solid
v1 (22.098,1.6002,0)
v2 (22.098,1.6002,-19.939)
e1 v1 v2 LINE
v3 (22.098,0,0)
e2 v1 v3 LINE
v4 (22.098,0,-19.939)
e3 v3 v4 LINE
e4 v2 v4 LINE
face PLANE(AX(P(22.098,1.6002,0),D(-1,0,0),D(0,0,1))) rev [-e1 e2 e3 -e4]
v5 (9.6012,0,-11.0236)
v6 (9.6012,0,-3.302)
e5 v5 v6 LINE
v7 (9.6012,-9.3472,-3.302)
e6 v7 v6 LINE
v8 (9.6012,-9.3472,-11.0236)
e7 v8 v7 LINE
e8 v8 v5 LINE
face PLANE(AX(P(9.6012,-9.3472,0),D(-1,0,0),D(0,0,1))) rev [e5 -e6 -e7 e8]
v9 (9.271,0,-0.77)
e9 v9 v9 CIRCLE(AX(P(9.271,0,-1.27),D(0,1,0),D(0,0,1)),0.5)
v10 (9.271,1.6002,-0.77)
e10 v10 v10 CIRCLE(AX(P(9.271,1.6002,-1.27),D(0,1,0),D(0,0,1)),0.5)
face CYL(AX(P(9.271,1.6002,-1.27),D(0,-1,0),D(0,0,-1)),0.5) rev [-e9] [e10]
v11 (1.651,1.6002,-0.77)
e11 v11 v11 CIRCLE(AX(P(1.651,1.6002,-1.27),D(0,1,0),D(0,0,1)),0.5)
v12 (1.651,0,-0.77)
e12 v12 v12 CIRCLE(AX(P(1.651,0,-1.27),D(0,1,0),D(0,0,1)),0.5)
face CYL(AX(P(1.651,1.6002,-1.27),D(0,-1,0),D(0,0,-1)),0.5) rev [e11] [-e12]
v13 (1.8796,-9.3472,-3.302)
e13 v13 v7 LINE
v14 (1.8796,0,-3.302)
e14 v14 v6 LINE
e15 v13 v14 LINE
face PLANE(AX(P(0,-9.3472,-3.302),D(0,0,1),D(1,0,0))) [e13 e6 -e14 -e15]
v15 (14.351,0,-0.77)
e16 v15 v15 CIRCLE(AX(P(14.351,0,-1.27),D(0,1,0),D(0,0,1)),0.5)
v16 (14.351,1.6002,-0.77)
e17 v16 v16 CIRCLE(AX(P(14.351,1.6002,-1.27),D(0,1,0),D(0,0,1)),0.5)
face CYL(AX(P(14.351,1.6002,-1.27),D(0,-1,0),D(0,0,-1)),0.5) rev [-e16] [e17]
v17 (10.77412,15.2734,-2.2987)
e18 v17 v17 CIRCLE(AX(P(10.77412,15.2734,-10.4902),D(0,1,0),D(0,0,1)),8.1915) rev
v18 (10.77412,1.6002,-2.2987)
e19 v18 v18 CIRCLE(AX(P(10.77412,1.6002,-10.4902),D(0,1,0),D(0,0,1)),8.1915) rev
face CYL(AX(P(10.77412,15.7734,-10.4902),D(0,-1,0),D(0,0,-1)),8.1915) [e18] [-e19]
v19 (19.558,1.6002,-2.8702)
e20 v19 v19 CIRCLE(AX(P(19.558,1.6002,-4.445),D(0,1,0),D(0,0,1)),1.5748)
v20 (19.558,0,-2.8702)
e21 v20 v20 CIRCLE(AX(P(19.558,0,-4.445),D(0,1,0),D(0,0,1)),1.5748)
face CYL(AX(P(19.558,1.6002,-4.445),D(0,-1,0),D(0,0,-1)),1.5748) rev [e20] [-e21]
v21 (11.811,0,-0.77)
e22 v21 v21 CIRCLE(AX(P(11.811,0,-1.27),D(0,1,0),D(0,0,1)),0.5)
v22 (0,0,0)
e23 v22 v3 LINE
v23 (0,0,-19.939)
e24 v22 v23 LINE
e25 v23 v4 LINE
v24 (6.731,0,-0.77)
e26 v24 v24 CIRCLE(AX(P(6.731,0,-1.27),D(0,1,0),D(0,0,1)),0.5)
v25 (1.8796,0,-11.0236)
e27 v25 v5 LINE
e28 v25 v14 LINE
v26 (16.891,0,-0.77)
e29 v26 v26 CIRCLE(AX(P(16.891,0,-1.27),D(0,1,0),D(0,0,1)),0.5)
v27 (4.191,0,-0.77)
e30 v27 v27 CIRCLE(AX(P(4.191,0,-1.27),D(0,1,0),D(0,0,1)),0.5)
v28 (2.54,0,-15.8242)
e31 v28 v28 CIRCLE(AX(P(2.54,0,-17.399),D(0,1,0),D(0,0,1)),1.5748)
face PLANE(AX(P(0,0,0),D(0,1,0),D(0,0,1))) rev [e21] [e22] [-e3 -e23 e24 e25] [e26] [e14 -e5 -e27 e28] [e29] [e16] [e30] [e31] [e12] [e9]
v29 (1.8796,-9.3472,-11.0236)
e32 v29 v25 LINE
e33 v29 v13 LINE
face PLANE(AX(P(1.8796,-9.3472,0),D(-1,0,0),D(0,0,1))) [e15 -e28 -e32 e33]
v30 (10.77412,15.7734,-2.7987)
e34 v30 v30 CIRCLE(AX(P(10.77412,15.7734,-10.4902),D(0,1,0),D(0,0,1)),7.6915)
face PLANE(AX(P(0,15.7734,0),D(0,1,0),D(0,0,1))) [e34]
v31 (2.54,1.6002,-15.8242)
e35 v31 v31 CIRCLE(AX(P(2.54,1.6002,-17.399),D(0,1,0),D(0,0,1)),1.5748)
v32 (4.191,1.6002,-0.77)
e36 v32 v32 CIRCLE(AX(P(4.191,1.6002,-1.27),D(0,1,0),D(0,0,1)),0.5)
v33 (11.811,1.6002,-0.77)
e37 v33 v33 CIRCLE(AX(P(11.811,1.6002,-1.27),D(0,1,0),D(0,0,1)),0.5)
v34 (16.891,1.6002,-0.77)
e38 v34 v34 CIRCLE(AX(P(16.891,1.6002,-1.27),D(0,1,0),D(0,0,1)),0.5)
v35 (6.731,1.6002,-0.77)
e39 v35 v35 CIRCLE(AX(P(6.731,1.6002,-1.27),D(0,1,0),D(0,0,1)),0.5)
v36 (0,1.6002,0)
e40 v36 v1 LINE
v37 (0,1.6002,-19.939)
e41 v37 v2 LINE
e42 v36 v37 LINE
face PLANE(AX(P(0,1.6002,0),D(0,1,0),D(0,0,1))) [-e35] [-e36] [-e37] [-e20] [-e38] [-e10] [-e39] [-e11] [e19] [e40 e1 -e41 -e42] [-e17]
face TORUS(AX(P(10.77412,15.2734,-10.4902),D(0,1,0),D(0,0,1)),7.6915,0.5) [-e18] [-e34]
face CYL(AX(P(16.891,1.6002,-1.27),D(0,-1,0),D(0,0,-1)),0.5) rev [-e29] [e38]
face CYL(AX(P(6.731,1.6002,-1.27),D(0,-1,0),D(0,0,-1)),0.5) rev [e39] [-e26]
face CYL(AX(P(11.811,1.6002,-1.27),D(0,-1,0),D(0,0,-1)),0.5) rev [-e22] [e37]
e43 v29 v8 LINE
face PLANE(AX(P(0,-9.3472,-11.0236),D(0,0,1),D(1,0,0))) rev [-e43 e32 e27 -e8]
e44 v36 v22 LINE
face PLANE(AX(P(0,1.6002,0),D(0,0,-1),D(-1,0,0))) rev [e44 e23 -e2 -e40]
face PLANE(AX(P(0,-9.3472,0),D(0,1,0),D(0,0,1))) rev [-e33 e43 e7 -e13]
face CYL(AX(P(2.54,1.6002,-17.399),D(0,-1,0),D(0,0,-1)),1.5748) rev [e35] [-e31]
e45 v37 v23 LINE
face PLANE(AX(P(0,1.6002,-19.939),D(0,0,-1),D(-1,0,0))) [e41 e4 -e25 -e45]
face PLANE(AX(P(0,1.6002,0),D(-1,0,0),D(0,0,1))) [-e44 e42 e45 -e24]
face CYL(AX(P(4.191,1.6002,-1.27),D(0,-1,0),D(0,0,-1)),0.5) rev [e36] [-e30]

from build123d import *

# Parameters (mm, degrees)
SKETCH1_W           = 22.098
SKETCH1_H           = 19.939
SKETCH1_R           = 0.5
SKETCH1_R_2         = 1.5748
BOSS_EXTRUDE1_DEPTH = 1.6002
SKETCH1_3_W         = 7.7216
SKETCH1_3_H         = 7.7216
BOSS_EXTRUDE2_DEPTH = 9.3472
SKETCH1_4_R         = 8.1915
BOSS_EXTRUDE3_DEPTH = 15.7734
FILLET1_R           = 0.5


with BuildPart() as part:
    # Sketch1 → Boss-Extrude1 (new body)
    with BuildSketch(Plane(origin=(0, 0, 0), x_dir=(1, 0, 0), z_dir=(0, 1, 0))):
        with Locations((11.049, 9.9695)):
            Rectangle(SKETCH1_W, SKETCH1_H)
        with Locations((1.651, 1.27)):
            Circle(SKETCH1_R, mode=Mode.SUBTRACT)
        with Locations((4.191, 1.27)):
            Circle(SKETCH1_R, mode=Mode.SUBTRACT)
        with Locations((6.731, 1.27)):
            Circle(SKETCH1_R, mode=Mode.SUBTRACT)
        with Locations((9.271, 1.27)):
            Circle(SKETCH1_R, mode=Mode.SUBTRACT)
        with Locations((11.811, 1.27)):
            Circle(SKETCH1_R, mode=Mode.SUBTRACT)
        with Locations((14.351, 1.27)):
            Circle(SKETCH1_R, mode=Mode.SUBTRACT)
        with Locations((16.891, 1.27)):
            Circle(SKETCH1_R, mode=Mode.SUBTRACT)
        with Locations((19.558, 4.445)):
            Circle(SKETCH1_R_2, mode=Mode.SUBTRACT)
        with Locations((2.54, 17.399)):
            Circle(SKETCH1_R_2, mode=Mode.SUBTRACT)
    extrude(amount=BOSS_EXTRUDE1_DEPTH)

    # Sketch1<3> → Boss-Extrude2 (add)
    with BuildSketch(Plane(origin=(0, 0, 0), x_dir=(1, 0, 0), z_dir=(0, 1, 0))):
        with Locations((5.7404, 7.1628)):
            Rectangle(SKETCH1_3_W, SKETCH1_3_H)
    extrude(amount=-BOSS_EXTRUDE2_DEPTH)

    # Sketch1<4> → Boss-Extrude3 (add)
    with BuildSketch(Plane(origin=(0, 0, 0), x_dir=(1, 0, 0), z_dir=(0, 1, 0))):
        with Locations((10.774120393, 10.4902)):
            Circle(SKETCH1_4_R)
    extrude(amount=BOSS_EXTRUDE3_DEPTH)

    # Fillet1
    fillet1_edges = [part.edges().sort_by_distance(p)[0] for p in [
        (2.582620393, 15.7734, -10.4902),
    ]]
    fillet(fillet1_edges, radius=FILLET1_R)


solid = part.part
